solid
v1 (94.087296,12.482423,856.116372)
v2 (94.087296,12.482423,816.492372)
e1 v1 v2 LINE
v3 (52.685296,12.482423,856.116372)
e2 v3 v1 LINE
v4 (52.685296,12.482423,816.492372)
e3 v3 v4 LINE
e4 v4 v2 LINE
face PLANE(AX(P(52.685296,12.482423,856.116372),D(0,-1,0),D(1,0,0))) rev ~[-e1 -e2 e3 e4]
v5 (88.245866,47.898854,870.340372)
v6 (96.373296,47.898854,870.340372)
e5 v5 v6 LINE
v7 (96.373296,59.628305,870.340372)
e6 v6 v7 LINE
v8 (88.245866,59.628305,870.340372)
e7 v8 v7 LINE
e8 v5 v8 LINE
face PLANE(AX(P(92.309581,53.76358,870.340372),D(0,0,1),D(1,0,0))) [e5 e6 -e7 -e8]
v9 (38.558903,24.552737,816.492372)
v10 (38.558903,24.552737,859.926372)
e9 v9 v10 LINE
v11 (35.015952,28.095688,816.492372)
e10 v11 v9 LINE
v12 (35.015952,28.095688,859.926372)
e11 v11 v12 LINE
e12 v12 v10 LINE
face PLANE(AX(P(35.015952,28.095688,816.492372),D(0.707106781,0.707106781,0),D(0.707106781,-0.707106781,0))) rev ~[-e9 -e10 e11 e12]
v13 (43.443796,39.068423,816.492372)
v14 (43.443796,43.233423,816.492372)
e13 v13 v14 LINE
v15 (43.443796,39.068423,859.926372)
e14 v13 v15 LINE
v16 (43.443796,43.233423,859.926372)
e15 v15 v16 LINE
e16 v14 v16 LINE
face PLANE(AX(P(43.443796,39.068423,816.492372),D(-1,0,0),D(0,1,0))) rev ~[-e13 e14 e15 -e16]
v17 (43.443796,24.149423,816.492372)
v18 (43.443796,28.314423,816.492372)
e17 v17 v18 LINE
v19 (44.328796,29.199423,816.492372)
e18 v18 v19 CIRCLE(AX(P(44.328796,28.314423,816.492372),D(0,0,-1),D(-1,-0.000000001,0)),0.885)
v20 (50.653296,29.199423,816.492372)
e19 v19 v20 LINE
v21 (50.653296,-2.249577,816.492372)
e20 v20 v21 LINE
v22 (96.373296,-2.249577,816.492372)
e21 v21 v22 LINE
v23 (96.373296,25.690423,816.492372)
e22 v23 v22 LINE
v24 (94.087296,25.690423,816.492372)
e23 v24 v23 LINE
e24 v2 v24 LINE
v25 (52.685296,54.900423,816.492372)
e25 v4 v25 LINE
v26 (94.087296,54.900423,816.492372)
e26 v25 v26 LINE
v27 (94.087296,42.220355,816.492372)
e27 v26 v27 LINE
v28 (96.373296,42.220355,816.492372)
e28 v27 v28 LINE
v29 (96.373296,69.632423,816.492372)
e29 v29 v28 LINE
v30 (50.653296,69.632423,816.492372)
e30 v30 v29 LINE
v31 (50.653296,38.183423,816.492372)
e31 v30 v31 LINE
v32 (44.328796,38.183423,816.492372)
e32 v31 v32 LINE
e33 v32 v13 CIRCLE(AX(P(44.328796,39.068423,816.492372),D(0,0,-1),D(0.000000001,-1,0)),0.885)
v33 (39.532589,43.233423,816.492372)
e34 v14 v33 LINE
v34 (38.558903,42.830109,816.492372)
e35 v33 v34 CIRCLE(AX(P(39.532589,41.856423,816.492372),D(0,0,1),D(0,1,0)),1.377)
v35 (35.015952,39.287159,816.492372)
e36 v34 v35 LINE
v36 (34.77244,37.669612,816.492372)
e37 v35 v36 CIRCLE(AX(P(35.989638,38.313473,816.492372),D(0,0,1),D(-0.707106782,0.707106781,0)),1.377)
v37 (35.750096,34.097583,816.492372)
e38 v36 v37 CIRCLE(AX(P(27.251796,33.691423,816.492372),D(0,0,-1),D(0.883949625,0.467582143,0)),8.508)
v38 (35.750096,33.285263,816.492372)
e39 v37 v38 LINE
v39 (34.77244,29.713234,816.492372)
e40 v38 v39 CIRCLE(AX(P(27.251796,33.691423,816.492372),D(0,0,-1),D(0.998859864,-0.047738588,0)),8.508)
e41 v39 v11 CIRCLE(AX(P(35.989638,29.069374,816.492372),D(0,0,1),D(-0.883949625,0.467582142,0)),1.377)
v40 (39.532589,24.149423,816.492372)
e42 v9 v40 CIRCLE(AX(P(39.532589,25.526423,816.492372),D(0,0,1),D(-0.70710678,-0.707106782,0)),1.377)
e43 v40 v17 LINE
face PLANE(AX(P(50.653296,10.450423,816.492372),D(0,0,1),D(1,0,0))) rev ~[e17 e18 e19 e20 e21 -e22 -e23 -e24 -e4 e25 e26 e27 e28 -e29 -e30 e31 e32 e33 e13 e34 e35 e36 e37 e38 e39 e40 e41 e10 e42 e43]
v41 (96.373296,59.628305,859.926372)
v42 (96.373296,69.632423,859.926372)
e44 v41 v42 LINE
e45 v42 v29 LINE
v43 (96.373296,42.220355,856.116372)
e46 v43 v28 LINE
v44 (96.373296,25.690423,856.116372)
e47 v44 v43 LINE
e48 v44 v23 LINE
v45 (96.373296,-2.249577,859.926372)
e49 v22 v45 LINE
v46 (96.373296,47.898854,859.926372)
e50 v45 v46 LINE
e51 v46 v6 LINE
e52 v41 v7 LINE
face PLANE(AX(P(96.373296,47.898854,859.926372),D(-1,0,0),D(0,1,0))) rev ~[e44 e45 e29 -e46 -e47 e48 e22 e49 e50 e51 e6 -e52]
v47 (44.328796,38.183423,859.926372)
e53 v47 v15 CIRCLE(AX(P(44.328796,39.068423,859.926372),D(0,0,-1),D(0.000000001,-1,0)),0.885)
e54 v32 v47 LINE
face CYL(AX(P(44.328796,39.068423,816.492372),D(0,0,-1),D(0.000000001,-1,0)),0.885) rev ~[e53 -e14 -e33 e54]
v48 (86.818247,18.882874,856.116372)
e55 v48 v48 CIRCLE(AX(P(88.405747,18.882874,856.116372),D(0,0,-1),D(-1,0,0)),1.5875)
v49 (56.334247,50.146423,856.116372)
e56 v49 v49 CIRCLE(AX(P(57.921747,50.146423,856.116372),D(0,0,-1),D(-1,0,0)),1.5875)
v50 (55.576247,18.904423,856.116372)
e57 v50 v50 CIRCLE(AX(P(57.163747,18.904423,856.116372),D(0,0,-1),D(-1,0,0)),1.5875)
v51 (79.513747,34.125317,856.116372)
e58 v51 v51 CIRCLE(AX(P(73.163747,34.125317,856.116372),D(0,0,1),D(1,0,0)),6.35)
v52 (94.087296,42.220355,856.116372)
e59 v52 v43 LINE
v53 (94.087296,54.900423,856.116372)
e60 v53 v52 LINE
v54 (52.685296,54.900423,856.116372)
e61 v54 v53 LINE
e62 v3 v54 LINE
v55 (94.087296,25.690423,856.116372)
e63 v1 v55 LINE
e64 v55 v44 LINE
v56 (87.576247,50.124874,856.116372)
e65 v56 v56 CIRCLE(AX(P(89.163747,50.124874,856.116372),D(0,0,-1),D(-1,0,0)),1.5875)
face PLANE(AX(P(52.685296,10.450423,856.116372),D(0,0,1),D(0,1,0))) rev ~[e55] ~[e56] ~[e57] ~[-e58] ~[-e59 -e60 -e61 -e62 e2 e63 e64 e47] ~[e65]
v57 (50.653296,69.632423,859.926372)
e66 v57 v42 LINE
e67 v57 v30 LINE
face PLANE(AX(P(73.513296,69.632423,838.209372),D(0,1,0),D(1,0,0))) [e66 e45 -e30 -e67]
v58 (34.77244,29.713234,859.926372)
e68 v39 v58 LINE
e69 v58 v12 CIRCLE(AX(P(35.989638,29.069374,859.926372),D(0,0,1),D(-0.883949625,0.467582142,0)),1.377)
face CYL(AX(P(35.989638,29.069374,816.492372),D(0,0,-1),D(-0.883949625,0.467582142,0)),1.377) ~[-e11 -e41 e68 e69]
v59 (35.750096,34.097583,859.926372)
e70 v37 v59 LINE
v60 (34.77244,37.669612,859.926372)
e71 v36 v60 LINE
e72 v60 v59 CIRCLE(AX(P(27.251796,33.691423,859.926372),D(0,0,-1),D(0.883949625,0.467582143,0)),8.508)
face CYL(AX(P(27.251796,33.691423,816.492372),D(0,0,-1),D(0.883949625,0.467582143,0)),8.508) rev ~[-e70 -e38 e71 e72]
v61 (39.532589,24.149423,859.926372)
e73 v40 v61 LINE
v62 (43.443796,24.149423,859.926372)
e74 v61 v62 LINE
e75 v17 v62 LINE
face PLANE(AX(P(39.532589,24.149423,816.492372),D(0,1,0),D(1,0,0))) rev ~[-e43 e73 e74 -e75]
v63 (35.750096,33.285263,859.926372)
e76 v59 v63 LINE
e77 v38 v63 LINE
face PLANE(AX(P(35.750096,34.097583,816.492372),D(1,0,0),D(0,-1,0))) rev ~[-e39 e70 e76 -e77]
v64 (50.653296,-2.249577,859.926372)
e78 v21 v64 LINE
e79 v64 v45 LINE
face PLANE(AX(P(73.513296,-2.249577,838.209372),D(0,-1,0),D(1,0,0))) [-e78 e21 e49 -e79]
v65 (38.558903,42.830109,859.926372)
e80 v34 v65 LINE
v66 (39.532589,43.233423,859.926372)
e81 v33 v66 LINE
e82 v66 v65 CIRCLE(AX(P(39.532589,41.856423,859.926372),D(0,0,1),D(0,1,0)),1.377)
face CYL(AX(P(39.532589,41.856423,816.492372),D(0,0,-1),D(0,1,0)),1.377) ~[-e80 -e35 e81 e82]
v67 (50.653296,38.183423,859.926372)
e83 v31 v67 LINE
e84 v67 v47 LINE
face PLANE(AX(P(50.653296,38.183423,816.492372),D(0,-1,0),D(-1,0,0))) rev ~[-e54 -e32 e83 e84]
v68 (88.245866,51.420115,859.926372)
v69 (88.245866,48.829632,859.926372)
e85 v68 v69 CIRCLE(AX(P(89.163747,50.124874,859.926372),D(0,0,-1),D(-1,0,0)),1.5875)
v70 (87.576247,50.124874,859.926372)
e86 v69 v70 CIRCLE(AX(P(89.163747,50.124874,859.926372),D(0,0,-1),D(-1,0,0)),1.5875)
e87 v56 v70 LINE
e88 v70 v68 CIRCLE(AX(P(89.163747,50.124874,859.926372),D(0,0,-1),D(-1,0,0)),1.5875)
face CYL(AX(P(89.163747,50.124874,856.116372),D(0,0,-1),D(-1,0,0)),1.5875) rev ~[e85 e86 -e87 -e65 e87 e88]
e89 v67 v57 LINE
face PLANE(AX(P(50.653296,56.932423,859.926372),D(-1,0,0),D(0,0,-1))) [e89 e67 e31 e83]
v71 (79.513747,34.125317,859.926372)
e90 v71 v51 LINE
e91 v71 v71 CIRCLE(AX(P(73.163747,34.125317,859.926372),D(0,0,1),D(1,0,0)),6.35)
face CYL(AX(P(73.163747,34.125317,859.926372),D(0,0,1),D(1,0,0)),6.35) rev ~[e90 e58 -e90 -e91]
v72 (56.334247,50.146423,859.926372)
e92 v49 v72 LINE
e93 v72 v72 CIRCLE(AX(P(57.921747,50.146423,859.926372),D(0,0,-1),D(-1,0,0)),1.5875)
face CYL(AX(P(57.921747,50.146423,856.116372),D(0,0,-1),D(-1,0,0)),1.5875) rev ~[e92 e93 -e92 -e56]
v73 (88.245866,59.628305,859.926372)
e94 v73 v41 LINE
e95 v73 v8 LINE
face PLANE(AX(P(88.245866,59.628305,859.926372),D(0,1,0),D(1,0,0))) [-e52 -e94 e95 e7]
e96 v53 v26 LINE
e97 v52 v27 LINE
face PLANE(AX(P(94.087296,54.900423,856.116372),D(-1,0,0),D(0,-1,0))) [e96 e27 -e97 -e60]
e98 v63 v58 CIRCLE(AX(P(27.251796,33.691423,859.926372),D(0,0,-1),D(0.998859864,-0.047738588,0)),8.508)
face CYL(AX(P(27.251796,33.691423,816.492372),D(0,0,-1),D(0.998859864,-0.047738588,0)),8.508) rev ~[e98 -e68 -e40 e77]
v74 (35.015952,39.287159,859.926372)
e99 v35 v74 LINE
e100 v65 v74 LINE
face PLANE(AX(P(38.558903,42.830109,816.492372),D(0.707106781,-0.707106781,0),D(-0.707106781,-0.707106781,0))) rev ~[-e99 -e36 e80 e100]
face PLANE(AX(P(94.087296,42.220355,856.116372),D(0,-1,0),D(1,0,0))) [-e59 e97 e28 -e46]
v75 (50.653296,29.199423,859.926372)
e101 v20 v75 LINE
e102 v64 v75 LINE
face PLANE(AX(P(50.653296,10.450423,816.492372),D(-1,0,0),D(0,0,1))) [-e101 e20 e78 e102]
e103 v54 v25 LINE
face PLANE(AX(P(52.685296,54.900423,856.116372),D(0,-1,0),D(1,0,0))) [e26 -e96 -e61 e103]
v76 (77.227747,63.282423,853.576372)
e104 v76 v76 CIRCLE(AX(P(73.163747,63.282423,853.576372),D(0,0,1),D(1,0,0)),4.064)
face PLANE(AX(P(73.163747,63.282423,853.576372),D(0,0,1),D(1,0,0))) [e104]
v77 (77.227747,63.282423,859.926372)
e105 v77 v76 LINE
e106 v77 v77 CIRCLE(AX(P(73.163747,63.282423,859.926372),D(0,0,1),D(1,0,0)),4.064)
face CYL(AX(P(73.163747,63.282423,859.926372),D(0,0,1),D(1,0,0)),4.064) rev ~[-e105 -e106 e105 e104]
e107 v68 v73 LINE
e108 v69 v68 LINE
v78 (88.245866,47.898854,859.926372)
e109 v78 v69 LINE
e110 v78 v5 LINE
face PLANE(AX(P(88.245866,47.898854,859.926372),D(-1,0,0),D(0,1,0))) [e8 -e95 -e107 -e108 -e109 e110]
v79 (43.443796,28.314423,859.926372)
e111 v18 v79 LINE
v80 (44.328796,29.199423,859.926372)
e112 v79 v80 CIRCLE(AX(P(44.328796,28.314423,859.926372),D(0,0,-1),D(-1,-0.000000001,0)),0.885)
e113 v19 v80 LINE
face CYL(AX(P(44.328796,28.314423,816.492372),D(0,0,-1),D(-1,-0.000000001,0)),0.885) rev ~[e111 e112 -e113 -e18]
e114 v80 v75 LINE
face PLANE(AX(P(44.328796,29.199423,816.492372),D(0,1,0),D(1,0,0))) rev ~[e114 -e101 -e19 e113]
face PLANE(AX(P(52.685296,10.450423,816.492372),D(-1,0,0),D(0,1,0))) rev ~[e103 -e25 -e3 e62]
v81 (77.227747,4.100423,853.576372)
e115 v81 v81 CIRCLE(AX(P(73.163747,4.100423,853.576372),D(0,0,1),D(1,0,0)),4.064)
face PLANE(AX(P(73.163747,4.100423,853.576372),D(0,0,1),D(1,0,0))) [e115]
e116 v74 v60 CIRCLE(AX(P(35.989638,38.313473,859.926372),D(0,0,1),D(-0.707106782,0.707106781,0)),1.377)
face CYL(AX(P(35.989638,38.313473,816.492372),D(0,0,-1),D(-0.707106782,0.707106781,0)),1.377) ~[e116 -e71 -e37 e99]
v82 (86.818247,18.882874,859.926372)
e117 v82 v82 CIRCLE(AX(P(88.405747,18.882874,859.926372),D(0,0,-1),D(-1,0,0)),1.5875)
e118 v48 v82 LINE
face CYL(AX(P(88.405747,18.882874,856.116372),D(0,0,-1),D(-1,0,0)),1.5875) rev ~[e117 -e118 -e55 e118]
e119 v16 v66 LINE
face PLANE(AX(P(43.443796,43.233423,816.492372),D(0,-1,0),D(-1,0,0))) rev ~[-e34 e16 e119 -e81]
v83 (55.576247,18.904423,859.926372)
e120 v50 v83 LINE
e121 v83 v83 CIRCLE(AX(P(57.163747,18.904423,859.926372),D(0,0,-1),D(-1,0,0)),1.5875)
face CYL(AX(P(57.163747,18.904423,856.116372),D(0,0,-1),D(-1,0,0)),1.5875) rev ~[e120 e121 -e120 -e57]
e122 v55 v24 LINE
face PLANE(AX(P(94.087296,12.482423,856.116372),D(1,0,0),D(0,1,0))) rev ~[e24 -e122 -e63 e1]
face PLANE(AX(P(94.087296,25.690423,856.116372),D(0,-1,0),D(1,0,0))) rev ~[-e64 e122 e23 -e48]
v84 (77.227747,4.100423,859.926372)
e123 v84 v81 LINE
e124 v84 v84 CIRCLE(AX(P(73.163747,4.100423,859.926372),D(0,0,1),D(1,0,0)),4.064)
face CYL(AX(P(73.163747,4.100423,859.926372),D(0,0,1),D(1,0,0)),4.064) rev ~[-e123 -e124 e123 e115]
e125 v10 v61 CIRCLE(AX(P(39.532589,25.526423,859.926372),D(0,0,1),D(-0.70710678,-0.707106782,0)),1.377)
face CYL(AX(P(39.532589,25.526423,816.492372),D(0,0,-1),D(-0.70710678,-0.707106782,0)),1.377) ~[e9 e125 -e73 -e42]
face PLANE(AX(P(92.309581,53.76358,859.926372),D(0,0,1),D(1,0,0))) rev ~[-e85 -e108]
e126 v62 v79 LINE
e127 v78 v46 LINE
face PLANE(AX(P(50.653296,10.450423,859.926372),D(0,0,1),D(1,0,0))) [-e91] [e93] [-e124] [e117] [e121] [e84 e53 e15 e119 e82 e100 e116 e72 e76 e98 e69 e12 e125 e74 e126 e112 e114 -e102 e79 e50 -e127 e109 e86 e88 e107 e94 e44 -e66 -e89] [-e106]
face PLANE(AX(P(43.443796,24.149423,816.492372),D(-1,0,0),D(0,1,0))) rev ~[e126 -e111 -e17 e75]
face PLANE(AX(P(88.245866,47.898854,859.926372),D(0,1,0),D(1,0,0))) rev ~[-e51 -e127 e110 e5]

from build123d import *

# Parameters (mm, degrees)
BOSS_EXTRUDE1_DEPTH = 43.434
SKETCH3_W           = 3.81
SKETCH3_H           = 46.482
BOSS_EXTRUDE2_DEPTH = 43.688
BOSS_EXTRUDE5_DEPTH = 39.624
SKETCH9_R           = 6.35
CUT_EXTRUDE1_DEPTH  = 44.434
SKETCH10_R          = 1.5875
CUT_EXTRUDE2_DEPTH  = 4.81
SKETCH12_W          = 45.72
SKETCH12_H          = 43.434
BOSS_EXTRUDE6_DEPTH = 12.7
SKETCH13_W          = 45.72
SKETCH13_H          = 43.434
BOSS_EXTRUDE7_DEPTH = 12.7
SKETCH14_R          = 4.064
CUT_EXTRUDE3_DEPTH  = 6.35
SKETCH15_W          = 8.127430184
SKETCH15_H          = 11.729450278
BOSS_EXTRUDE8_DEPTH = 10.414


with BuildPart() as part:
    # Sketch2 → Boss-Extrude1 (new body)
    with BuildSketch(Plane.XY.offset(816.492372385)):
        with BuildLine():
            Line((35.750095932, 34.097582937), (35.750095932, 33.285263123))
            ThreePointArc((35.750095932, 33.285263123), (35.457981836, 31.445408446), (34.772439624, 29.71323416))
            ThreePointArc((34.772439624, 29.71323416), (34.62798184, 28.864383796), (35.01595222, 28.095687512))
            Line((35.01595222, 28.095687512), (38.55890274, 24.552736992))
            ThreePointArc((38.55890274, 24.552736992), (39.005633691, 24.254240914), (39.532588778, 24.14942303))
            Line((39.532588778, 24.14942303), (43.443796213, 24.14942303))
            Line((43.443796213, 24.14942303), (43.443796213, 28.31442303))
            ThreePointArc((43.443796213, 28.31442303), (43.703006711, 28.940212531), (44.328796213, 29.19942303))
            Line((44.328796213, 29.19942303), (48.113296213, 29.19942303))
            Line((48.113296213, 29.19942303), (50.653296213, 29.19942303))
            Line((50.653296213, 29.19942303), (50.653296213, 10.45042303))
            Line((50.653296213, 10.45042303), (52.685296213, 10.45042303))
            Line((52.685296213, 10.45042303), (52.685296213, 56.93242303))
            Line((52.685296213, 56.93242303), (50.653296213, 56.93242303))
            Line((50.653296213, 56.93242303), (50.653296213, 38.18342303))
            Line((50.653296213, 38.18342303), (48.113296213, 38.18342303))
            Line((48.113296213, 38.18342303), (44.328796213, 38.18342303))
            ThreePointArc((44.328796213, 38.18342303), (43.703006711, 38.442633529), (43.443796213, 39.06842303))
            Line((43.443796213, 39.06842303), (43.443796213, 43.23342303))
            Line((43.443796213, 43.23342303), (39.532588778, 43.23342303))
            ThreePointArc((39.532588778, 43.23342303), (39.005633691, 43.128605146), (38.55890274, 42.830109068))
            Line((38.55890274, 42.830109068), (35.01595222, 39.287158548))
            ThreePointArc((35.01595222, 39.287158548), (34.62798184, 38.518462264), (34.772439624, 37.6696119))
            ThreePointArc((34.772439624, 37.6696119), (35.457981836, 35.937437615), (35.750095932, 34.097582937))
        make_face()
    extrude(amount=BOSS_EXTRUDE1_DEPTH)

    # Sketch3 → Boss-Extrude2 (add)
    with BuildSketch(Plane(origin=(52.685296213, 0, 0), x_dir=(0, 0, -1), z_dir=(1, 0, 0))):
        with Locations((-858.021372385, 33.69142303)):
            Rectangle(SKETCH3_W, SKETCH3_H)
    extrude(amount=BOSS_EXTRUDE2_DEPTH)

    # Sketch8 → Boss-Extrude5 (add)
    with BuildSketch(Plane(origin=(0, 0, 856.116372385), x_dir=(-1, 0, 0), z_dir=(0, 0, -1))):
        Polygon((-96.373296213, 56.93242303), (-52.685296213, 56.93242303), (-52.685296213, 54.90042303), (-94.087296213, 54.90042303), (-94.087296213, 42.220354744), (-96.373296213, 42.220354744), (-96.373296213, 54.90042303), align=None)
        Polygon((-96.373296213, 10.45042303), (-52.685296213, 10.45042303), (-52.685296213, 12.48242303), (-94.087296213, 12.48242303), (-94.087296213, 25.69042303), (-96.373296213, 25.69042303), (-96.373296213, 12.48242303), align=None)
    extrude(amount=BOSS_EXTRUDE5_DEPTH)

    # Sketch9 → Cut-Extrude1 (cut, through all)
    with BuildSketch(Plane.XY.offset(859.926372385)):
        with Locations((73.163747061, 34.125316724)):
            Circle(SKETCH9_R)
    extrude(amount=-CUT_EXTRUDE1_DEPTH, mode=Mode.SUBTRACT)

    # Sketch10 → Cut-Extrude2 (cut, through all)
    with BuildSketch(Plane(origin=(0, 0, 856.116372385), x_dir=(-1, 0, 0), z_dir=(0, 0, -1))):
        with Locations((-89.163747266, 50.124873673)):
            Circle(SKETCH10_R)
        with Locations((-57.921747266, 50.14642303)):
            Circle(SKETCH10_R)
        with Locations((-57.163746856, 18.90442303)):
            Circle(SKETCH10_R)
        with Locations((-88.405746856, 18.882873673)):
            Circle(SKETCH10_R)
    extrude(amount=-CUT_EXTRUDE2_DEPTH, mode=Mode.SUBTRACT)

    # Sketch12 → Boss-Extrude6 (add)
    with BuildSketch(Plane(origin=(0, 56.93242303, 0), x_dir=(1, 0, 0), z_dir=(0, 1, 0))):
        with Locations((73.513296213, -838.209372385)):
            Rectangle(SKETCH12_W, SKETCH12_H)
    extrude(amount=BOSS_EXTRUDE6_DEPTH)

    # Sketch13 → Boss-Extrude7 (add)
    with BuildSketch(Plane.XZ.offset(-10.45042303)):
        with Locations((73.513296213, 838.209372385)):
            Rectangle(SKETCH13_W, SKETCH13_H)
    extrude(amount=BOSS_EXTRUDE7_DEPTH)

    # Sketch14 → Cut-Extrude3 (cut)
    with BuildSketch(Plane.XY.offset(859.926372385)):
        with Locations((73.163747061, 63.28242303)):
            Circle(SKETCH14_R)
        with Locations((73.163747061, 4.10042303)):
            Circle(SKETCH14_R)
    extrude(amount=-CUT_EXTRUDE3_DEPTH, mode=Mode.SUBTRACT)

    # Sketch15 → Boss-Extrude8 (add)
    with BuildSketch(Plane.XY.offset(859.926372385)):
        with Locations((92.309581121, 53.763579533)):
            Rectangle(SKETCH15_W, SKETCH15_H)
    extrude(amount=BOSS_EXTRUDE8_DEPTH)


solid = part.part
